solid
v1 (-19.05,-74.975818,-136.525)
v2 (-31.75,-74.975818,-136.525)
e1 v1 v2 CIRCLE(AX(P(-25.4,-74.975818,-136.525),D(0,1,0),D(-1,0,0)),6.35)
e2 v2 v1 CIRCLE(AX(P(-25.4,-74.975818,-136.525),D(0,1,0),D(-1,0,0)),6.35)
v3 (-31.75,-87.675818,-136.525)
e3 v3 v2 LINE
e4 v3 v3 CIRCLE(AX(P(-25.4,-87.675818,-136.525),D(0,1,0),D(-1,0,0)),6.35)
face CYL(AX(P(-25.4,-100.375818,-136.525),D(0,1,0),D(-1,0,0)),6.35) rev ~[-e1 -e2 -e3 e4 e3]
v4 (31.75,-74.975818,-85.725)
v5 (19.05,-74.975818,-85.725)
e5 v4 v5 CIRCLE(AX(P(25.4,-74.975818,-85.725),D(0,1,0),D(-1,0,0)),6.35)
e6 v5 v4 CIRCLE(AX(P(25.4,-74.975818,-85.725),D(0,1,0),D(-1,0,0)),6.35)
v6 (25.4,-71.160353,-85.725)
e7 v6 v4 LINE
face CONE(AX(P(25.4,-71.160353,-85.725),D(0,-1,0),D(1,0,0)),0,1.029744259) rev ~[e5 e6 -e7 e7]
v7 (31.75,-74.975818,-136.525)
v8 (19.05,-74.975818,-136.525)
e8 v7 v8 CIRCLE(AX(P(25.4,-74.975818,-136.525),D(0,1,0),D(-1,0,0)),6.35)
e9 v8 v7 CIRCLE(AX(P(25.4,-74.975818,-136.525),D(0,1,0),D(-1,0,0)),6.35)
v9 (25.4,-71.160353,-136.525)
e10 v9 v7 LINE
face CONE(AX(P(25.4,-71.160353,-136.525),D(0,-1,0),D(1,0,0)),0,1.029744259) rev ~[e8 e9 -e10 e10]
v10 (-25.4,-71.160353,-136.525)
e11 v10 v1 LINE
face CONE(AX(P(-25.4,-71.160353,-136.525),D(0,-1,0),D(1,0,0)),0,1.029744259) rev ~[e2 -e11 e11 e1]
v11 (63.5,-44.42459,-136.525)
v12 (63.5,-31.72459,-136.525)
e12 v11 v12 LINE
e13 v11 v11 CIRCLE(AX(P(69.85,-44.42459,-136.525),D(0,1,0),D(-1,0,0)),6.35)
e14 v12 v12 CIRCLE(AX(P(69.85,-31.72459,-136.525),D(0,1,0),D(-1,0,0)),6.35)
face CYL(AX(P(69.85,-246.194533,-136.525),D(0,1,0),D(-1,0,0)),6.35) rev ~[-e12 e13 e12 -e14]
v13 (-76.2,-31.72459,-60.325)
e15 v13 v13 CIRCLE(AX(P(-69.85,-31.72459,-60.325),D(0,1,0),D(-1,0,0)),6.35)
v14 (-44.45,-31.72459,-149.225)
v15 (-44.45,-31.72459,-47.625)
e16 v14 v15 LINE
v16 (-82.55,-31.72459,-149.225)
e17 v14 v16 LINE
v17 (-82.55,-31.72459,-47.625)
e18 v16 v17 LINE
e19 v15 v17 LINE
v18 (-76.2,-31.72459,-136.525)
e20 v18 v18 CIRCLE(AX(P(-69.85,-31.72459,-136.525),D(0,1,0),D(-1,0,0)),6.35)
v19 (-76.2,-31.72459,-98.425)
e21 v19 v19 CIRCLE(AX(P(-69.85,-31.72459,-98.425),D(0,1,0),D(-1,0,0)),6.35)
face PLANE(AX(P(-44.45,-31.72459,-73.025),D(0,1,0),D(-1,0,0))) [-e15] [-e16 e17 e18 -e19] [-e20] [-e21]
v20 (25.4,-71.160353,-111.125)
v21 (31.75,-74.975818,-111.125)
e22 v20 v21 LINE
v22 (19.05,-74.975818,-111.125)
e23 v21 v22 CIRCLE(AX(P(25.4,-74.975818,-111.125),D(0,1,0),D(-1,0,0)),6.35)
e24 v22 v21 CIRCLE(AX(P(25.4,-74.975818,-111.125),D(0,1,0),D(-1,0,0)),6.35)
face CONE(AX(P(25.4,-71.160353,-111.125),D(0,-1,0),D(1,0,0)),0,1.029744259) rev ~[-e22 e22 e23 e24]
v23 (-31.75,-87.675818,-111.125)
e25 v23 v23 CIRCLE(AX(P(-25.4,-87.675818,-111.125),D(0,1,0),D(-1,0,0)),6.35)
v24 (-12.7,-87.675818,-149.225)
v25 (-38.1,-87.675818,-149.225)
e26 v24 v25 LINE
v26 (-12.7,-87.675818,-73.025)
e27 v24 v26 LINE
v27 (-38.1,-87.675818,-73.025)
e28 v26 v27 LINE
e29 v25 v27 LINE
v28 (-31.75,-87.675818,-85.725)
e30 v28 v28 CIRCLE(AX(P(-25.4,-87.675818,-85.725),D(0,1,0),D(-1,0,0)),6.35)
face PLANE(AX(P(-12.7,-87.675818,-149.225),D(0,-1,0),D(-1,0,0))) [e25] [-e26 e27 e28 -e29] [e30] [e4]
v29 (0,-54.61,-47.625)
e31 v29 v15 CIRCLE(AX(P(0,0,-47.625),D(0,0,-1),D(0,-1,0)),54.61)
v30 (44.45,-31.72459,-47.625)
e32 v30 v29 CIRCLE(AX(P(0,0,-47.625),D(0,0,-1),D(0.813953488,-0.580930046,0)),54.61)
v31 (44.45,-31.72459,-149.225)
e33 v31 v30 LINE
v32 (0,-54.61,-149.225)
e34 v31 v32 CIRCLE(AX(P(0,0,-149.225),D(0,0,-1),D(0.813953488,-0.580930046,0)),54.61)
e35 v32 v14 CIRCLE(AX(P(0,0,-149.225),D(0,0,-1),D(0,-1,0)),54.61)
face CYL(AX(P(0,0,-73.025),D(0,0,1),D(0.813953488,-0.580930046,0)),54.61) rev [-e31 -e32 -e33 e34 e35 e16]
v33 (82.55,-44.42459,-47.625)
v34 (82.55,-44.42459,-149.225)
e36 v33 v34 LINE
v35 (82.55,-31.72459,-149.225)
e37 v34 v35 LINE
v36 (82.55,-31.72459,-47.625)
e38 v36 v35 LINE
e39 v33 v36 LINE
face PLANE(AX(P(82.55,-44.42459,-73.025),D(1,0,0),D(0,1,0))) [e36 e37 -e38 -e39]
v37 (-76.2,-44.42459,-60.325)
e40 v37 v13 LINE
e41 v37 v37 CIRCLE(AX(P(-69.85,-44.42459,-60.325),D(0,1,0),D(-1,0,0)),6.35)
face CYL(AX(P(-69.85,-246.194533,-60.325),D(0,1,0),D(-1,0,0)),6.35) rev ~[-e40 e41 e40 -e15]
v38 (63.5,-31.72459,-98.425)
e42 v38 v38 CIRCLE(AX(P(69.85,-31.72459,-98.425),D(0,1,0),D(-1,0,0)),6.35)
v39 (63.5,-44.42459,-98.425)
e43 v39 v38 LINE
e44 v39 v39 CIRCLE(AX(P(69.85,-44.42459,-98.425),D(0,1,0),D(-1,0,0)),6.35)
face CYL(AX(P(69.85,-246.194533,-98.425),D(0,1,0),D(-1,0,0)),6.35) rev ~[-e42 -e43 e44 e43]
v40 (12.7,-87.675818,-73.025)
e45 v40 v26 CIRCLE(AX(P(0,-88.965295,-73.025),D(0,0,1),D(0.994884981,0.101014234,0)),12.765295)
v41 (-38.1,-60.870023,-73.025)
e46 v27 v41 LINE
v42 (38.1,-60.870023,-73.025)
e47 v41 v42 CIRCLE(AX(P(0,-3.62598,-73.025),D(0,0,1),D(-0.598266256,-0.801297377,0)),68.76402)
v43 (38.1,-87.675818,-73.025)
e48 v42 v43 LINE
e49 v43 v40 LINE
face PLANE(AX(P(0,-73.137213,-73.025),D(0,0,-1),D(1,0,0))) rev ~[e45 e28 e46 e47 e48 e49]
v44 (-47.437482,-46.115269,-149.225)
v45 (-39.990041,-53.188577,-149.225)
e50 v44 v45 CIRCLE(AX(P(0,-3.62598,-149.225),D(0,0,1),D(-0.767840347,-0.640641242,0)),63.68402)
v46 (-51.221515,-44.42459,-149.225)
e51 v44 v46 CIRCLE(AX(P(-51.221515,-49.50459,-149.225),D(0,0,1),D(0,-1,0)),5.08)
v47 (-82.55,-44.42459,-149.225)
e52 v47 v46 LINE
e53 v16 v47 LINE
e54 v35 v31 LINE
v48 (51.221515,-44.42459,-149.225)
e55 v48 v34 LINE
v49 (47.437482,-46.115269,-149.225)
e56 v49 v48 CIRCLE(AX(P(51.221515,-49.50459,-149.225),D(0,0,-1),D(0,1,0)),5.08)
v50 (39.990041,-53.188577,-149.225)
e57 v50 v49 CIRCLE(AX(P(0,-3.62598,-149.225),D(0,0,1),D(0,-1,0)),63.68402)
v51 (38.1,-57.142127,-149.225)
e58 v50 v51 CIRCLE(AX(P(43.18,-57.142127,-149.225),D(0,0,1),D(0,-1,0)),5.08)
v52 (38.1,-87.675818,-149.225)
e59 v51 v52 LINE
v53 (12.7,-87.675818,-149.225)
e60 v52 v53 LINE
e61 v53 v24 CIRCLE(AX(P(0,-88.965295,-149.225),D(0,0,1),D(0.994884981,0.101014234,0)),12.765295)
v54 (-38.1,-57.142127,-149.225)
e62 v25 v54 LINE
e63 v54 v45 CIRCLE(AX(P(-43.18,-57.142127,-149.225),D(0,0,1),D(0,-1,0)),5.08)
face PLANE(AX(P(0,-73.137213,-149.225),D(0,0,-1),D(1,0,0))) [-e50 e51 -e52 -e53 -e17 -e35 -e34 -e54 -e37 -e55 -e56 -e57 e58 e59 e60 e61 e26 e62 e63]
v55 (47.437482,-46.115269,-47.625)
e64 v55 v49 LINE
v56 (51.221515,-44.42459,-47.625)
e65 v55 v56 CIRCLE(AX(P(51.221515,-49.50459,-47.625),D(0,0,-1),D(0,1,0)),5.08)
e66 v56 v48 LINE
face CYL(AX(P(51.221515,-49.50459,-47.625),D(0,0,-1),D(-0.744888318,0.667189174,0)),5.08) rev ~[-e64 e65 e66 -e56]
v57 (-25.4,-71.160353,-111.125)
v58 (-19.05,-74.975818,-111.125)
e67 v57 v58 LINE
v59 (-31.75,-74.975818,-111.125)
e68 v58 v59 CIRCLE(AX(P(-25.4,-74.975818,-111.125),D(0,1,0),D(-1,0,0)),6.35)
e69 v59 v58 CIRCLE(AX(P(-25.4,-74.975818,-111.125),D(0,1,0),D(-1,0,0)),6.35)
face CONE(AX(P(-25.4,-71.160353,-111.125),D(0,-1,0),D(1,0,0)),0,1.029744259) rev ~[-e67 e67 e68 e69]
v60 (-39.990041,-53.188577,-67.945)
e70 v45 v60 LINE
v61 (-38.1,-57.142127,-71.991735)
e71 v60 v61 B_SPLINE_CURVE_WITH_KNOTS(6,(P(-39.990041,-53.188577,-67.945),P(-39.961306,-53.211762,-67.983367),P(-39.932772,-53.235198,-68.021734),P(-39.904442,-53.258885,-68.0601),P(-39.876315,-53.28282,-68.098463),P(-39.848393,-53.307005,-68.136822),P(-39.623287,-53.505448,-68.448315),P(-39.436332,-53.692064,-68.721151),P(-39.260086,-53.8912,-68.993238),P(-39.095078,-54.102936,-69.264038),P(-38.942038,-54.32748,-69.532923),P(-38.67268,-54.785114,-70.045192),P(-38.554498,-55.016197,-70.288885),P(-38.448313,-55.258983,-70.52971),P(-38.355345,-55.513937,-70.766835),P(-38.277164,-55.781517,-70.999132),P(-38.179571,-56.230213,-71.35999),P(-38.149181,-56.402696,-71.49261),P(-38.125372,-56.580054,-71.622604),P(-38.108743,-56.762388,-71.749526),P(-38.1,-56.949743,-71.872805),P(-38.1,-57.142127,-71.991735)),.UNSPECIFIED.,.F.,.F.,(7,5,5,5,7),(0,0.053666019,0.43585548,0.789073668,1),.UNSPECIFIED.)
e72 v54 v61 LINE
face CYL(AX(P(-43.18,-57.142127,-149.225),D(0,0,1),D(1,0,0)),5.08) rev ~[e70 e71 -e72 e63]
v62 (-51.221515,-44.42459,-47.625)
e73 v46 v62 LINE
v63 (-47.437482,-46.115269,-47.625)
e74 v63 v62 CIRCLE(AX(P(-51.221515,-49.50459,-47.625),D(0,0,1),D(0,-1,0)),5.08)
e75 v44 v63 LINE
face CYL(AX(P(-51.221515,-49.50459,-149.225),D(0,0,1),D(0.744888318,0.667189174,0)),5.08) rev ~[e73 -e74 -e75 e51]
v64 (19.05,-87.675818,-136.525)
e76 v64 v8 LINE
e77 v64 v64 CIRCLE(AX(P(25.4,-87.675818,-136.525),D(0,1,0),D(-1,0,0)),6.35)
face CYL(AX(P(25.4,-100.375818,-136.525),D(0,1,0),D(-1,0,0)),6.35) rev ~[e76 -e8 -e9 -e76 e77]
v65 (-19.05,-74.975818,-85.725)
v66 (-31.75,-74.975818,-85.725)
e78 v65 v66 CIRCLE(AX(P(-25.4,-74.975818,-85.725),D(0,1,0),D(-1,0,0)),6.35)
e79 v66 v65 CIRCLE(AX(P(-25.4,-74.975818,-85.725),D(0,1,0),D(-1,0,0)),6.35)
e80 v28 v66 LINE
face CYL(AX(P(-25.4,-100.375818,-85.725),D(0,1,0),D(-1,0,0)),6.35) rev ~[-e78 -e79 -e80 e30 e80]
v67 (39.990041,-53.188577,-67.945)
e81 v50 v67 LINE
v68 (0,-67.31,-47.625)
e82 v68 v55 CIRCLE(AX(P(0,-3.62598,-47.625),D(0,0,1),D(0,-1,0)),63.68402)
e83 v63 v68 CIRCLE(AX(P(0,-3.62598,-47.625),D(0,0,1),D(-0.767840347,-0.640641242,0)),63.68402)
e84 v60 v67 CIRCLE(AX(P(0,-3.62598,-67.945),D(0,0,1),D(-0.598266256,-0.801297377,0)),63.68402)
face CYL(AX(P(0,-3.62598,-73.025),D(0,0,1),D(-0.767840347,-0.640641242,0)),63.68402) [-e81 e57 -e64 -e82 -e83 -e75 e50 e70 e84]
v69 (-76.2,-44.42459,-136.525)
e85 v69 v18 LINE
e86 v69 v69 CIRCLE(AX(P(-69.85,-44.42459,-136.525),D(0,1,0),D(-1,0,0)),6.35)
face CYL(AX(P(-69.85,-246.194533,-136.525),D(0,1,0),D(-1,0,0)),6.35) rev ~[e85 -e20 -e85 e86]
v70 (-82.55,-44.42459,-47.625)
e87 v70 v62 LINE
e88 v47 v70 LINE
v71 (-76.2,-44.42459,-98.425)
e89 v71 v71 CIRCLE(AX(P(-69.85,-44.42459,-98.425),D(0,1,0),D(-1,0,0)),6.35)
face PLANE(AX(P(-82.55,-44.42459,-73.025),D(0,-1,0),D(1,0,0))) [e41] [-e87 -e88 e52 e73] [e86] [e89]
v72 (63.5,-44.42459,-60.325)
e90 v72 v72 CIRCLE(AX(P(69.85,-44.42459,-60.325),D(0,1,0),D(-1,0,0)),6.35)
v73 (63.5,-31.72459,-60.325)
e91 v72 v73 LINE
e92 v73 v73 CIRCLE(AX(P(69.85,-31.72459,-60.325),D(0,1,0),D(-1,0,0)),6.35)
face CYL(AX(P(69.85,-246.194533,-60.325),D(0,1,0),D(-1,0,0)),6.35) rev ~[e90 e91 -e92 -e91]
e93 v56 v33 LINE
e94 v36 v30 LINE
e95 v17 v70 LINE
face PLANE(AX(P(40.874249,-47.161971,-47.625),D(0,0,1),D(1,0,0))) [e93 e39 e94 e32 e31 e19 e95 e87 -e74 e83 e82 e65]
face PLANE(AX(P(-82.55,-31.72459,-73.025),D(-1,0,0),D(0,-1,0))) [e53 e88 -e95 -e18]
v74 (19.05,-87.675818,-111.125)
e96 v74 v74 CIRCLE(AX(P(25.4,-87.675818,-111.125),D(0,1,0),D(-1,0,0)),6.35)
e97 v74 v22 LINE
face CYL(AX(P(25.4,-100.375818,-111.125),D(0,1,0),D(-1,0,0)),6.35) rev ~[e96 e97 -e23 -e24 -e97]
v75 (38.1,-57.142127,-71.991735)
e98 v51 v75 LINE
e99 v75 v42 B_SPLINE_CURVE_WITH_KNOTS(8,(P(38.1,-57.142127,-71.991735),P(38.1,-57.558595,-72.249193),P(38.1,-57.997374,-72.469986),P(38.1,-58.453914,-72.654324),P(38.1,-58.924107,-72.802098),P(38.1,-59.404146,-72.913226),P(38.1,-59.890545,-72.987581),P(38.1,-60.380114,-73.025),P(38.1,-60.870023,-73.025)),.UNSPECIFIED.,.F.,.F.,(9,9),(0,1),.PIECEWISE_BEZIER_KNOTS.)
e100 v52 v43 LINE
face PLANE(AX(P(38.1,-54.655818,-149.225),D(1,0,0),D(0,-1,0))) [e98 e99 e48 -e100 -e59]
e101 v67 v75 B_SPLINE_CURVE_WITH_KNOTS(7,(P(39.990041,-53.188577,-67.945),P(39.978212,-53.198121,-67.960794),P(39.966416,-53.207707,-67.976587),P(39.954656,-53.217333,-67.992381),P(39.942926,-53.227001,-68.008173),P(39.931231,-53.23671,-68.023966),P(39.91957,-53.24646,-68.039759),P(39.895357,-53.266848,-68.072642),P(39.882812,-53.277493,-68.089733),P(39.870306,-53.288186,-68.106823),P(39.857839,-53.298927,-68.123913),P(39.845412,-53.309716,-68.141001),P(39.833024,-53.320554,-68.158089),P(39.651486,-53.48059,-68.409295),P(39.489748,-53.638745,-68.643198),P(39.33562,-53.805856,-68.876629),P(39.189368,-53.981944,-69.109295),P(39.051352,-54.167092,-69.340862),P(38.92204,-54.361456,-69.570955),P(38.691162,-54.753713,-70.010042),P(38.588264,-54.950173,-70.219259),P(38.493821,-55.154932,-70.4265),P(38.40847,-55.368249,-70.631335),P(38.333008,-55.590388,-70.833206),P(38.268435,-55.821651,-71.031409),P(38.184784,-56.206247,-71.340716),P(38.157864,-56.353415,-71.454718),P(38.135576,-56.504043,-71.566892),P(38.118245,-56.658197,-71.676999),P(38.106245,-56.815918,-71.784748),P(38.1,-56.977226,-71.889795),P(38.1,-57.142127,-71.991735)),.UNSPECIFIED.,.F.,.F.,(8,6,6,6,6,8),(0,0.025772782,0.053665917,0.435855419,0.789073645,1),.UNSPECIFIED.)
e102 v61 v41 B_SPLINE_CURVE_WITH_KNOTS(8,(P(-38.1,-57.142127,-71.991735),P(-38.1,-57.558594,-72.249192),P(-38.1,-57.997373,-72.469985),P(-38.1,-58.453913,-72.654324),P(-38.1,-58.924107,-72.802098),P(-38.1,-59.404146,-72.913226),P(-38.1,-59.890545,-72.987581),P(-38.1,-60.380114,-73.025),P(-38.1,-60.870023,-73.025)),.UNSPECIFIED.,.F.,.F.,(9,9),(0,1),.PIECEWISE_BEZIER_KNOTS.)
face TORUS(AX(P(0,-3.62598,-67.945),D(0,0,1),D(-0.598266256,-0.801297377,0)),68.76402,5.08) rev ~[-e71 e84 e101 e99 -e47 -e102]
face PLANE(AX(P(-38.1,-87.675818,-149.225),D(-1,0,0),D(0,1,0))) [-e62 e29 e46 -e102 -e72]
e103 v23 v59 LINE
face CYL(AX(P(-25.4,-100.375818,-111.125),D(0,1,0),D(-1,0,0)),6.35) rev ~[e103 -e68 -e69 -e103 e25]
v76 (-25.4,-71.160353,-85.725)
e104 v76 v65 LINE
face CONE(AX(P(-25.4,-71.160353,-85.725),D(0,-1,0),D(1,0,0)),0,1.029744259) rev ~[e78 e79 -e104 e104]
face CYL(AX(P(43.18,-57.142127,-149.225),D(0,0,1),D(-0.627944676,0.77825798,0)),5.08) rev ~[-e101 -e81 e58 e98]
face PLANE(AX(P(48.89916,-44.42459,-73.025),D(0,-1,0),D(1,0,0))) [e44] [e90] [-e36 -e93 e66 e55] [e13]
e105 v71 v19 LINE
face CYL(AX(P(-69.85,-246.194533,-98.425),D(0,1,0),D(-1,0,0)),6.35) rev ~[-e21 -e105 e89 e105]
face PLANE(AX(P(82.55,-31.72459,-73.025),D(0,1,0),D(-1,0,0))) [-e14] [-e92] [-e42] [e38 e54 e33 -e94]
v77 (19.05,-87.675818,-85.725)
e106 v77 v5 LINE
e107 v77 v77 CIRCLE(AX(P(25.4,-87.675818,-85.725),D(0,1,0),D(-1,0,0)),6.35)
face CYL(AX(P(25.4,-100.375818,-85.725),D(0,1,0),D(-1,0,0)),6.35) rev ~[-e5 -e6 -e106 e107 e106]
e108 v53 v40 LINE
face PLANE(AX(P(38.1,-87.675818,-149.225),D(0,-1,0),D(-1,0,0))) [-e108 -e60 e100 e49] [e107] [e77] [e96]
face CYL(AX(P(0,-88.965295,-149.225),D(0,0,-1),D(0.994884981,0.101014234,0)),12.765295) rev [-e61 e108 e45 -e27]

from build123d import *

# Parameters (mm, degrees)
F0_R      = 6.35
F1_DEPTH  = 47.625
F3_DEPTH  = 31.75
F4_R      = 23.8125
F4_R_2    = 18.7325
F5_DEPTH  = 20.32
F6_R      = 54.61
F6_R_2    = 6.35
F7_DEPTH  = 14.605
F8_R      = 54.5973
F8_R_2    = 6.35
F9_DEPTH  = 118.491
F10_R     = 54.61
F10_R_2   = 54.5973
F10_R_3   = 6.35
F11_DEPTH = 57.15
F13_DEPTH = 101.6
F15_DEPTH = 25.4
F16_DEPTH = 76.2
F18_DEPTH = 76.2
F20_D     = 12.7
F20_DEPTH = 12.7
F20_TIP   = 3.8154649308
F22_D     = 12.7
F22_2_D   = 12.7
F23_R     = 5.08
F23_2_R   = 5.08


with BuildPart() as f1:
    # F0 (on Top) → F1 (new body)
    with BuildSketch(Plane.XY):
        Circle(F0_R)
    extrude(amount=-F1_DEPTH)

    # F2 (on face) → F3 (cut)
    with BuildSketch(Plane.XY):
        with BuildLine():
            Line((-3.4925, 5.3032955556), (3.4925, 5.3032955556))
            ThreePointArc((3.4925, 5.3032955556), (0, 6.35), (-3.4925, 5.3032955556))
        make_face()
    extrude(amount=-F3_DEPTH, mode=Mode.SUBTRACT)


with BuildPart() as f5:
    # F4 (on face) → F5 (new body)
    with BuildSketch(Plane(origin=(0, 0, -47.625), x_dir=(1, 0, 0), z_dir=(0, 0, -1))):
        Circle(F4_R)
        Circle(F4_R_2, mode=Mode.SUBTRACT)
    extrude(amount=-F5_DEPTH)


with BuildPart() as f7:
    # F6 (on face) → F7 (new body)
    with BuildSketch(Plane(origin=(0, 0, -47.625), x_dir=(1, 0, 0), z_dir=(0, 0, -1))):
        Circle(F6_R)
        Circle(F6_R_2, mode=Mode.SUBTRACT)
    extrude(amount=F7_DEPTH)

    # F8 (on face) → F9 (join)
    with BuildSketch(Plane(origin=(0, 0, -62.23), x_dir=(1, 0, 0), z_dir=(0, 0, -1))):
        Circle(F8_R)
        Circle(F8_R_2, mode=Mode.SUBTRACT)
    extrude(amount=F9_DEPTH)

    # F10 (on face) → F11 (join)
    with BuildSketch(Plane(origin=(0, 0, -180.721), x_dir=(1, 0, 0), z_dir=(0, 0, -1))):
        Circle(F10_R)
        Circle(F10_R_2, mode=Mode.SUBTRACT)
        Circle(F10_R_2)
        Circle(F10_R_3, mode=Mode.SUBTRACT)
    extrude(amount=F11_DEPTH)


with BuildPart() as f13:
    # F12 (on face) → F13 (new body)
    with BuildSketch(Plane.XY.offset(-47.625)):
        with BuildLine():
            Line((-82.55, 31.7245898319), (-44.45, 31.7245898319))
            ThreePointArc((-44.45, 31.7245898319), (-24.9977223891, 48.5527133676), (0, 54.61))
            Line((0, 54.61), (0, 67.31))
            ThreePointArc((0, 67.31), (-26.9947671741, 61.30558596), (-48.8991597124, 44.4245898319))
            Line((-48.8991597124, 44.4245898319), (-82.55, 44.4245898319))
            Line((-82.55, 44.4245898319), (-82.55, 31.7245898319))
        make_face()
        with BuildLine():
            ThreePointArc((0, 54.61), (24.9977223891, 48.5527133676), (44.45, 31.7245898319))
            Line((44.45, 31.7245898319), (82.55, 31.7245898319))
            Line((82.55, 31.7245898319), (82.55, 44.4245898319))
            Line((82.55, 44.4245898319), (48.8991597124, 44.4245898319))
            ThreePointArc((48.8991597124, 44.4245898319), (26.9947671741, 61.30558596), (0, 67.31))
            Line((0, 67.31), (0, 54.61))
        make_face()
    extrude(amount=-F13_DEPTH)

    # F22 (through all)
    with Locations(Plane.XZ.offset(44.4245898319)):
        with Locations((-69.85, -60.325), (-69.85, -98.425), (-69.85, -136.525), (69.85, -60.325), (69.85, -98.425), (69.85, -136.525)):
            Hole(F22_D / 2)

    # F23#2
    f23_2_edges = [f13.edges().sort_by_distance(p)[0] for p in [
        (-48.89916, 44.42459, -98.425),
        (48.89916, 44.42459, -98.425),
    ]]
    fillet(f23_2_edges, radius=F23_2_R)


with BuildPart() as f15:
    # F14 (on face) → F15 (new body)
    with BuildSketch(Plane.XY.offset(-47.625)):
        with BuildLine():
            Line((82.55, -31.7245898319), (44.45, -31.7245898319))
            ThreePointArc((44.45, -31.7245898319), (24.9977223891, -48.5527133676), (0, -54.61))
            Line((0, -54.61), (0, -67.31))
            ThreePointArc((0, -67.31), (26.9947671741, -61.30558596), (48.8991597124, -44.4245898319))
            Line((48.8991597124, -44.4245898319), (82.55, -44.4245898319))
            Line((82.55, -44.4245898319), (82.55, -31.7245898319))
        make_face()
        with BuildLine():
            ThreePointArc((0, -54.61), (-24.9977223891, -48.5527133676), (-44.45, -31.7245898319))
            Line((-44.45, -31.7245898319), (-82.55, -31.7245898319))
            Line((-82.55, -31.7245898319), (-82.55, -44.4245898319))
            Line((-82.55, -44.4245898319), (-48.8991597124, -44.4245898319))
            ThreePointArc((-48.8991597124, -44.4245898319), (-26.9947671741, -61.30558596), (0, -67.31))
            Line((0, -67.31), (0, -54.61))
        make_face()
    extrude(amount=-F15_DEPTH)

    # F16 (add): faces of the model
    f16_faces = [f15.faces().sort_by_distance(p)[0] for p in [
        (80.8610852178, -38.0745898319, -73.025),
        (80.8610852178, -38.0745898319, -73.025),
    ]]
    extrude(f16_faces, amount=F16_DEPTH)

    # F17 (on face) → F18 (join)
    with BuildSketch(Plane(origin=(0, 0, -149.225), x_dir=(1, 0, 0), z_dir=(0, 0, -1))):
        with BuildLine():
            Line((-38.1, 87.6758182624), (-38.1, 54.6558182624))
            ThreePointArc((-38.1, 54.6558182624), (0, 67.31), (38.1, 54.6558182624))
            Line((38.1, 54.6558182624), (38.1, 87.6758182624))
            Line((38.1, 87.6758182624), (12.7, 87.6758182624))
            ThreePointArc((12.7, 87.6758182624), (0, 76.2), (-12.7, 87.6758182624))
            Line((-12.7, 87.6758182624), (-38.1, 87.6758182624))
        make_face()
    extrude(amount=-F18_DEPTH)

    # F20
    with Locations(Plane.XZ.offset(87.6758182624)):
        with Locations((-25.4, -85.725), (25.4, -85.725), (-25.4, -111.125), (25.4, -111.125), (-25.4, -136.525), (25.4, -136.525)):
            Hole(F20_D / 2, depth=F20_DEPTH)
            with Locations((0, 0, -(F20_DEPTH + F20_TIP / 2))):  # 118° drill point
                Cone(0, F20_D / 2, F20_TIP, mode=Mode.SUBTRACT)

    # F22#2 (through all)
    with Locations(Plane.XZ.offset(44.4245898319)):
        with Locations((-69.85, -60.325), (-69.85, -98.425), (-69.85, -136.525), (69.85, -60.325), (69.85, -98.425), (69.85, -136.525)):
            Hole(F22_2_D / 2)

    # F23
    f23_edges = [f15.edges().sort_by_distance(p)[0] for p in [
        (-38.1, -54.655818, -111.125),
        (0, -67.31, -73.025),
        (38.1, -54.655818, -111.125),
        (48.89916, -44.42459, -98.425),
        (-48.89916, -44.42459, -98.425),
    ]]
    fillet(f23_edges, radius=F23_R)


solid = f15.part
